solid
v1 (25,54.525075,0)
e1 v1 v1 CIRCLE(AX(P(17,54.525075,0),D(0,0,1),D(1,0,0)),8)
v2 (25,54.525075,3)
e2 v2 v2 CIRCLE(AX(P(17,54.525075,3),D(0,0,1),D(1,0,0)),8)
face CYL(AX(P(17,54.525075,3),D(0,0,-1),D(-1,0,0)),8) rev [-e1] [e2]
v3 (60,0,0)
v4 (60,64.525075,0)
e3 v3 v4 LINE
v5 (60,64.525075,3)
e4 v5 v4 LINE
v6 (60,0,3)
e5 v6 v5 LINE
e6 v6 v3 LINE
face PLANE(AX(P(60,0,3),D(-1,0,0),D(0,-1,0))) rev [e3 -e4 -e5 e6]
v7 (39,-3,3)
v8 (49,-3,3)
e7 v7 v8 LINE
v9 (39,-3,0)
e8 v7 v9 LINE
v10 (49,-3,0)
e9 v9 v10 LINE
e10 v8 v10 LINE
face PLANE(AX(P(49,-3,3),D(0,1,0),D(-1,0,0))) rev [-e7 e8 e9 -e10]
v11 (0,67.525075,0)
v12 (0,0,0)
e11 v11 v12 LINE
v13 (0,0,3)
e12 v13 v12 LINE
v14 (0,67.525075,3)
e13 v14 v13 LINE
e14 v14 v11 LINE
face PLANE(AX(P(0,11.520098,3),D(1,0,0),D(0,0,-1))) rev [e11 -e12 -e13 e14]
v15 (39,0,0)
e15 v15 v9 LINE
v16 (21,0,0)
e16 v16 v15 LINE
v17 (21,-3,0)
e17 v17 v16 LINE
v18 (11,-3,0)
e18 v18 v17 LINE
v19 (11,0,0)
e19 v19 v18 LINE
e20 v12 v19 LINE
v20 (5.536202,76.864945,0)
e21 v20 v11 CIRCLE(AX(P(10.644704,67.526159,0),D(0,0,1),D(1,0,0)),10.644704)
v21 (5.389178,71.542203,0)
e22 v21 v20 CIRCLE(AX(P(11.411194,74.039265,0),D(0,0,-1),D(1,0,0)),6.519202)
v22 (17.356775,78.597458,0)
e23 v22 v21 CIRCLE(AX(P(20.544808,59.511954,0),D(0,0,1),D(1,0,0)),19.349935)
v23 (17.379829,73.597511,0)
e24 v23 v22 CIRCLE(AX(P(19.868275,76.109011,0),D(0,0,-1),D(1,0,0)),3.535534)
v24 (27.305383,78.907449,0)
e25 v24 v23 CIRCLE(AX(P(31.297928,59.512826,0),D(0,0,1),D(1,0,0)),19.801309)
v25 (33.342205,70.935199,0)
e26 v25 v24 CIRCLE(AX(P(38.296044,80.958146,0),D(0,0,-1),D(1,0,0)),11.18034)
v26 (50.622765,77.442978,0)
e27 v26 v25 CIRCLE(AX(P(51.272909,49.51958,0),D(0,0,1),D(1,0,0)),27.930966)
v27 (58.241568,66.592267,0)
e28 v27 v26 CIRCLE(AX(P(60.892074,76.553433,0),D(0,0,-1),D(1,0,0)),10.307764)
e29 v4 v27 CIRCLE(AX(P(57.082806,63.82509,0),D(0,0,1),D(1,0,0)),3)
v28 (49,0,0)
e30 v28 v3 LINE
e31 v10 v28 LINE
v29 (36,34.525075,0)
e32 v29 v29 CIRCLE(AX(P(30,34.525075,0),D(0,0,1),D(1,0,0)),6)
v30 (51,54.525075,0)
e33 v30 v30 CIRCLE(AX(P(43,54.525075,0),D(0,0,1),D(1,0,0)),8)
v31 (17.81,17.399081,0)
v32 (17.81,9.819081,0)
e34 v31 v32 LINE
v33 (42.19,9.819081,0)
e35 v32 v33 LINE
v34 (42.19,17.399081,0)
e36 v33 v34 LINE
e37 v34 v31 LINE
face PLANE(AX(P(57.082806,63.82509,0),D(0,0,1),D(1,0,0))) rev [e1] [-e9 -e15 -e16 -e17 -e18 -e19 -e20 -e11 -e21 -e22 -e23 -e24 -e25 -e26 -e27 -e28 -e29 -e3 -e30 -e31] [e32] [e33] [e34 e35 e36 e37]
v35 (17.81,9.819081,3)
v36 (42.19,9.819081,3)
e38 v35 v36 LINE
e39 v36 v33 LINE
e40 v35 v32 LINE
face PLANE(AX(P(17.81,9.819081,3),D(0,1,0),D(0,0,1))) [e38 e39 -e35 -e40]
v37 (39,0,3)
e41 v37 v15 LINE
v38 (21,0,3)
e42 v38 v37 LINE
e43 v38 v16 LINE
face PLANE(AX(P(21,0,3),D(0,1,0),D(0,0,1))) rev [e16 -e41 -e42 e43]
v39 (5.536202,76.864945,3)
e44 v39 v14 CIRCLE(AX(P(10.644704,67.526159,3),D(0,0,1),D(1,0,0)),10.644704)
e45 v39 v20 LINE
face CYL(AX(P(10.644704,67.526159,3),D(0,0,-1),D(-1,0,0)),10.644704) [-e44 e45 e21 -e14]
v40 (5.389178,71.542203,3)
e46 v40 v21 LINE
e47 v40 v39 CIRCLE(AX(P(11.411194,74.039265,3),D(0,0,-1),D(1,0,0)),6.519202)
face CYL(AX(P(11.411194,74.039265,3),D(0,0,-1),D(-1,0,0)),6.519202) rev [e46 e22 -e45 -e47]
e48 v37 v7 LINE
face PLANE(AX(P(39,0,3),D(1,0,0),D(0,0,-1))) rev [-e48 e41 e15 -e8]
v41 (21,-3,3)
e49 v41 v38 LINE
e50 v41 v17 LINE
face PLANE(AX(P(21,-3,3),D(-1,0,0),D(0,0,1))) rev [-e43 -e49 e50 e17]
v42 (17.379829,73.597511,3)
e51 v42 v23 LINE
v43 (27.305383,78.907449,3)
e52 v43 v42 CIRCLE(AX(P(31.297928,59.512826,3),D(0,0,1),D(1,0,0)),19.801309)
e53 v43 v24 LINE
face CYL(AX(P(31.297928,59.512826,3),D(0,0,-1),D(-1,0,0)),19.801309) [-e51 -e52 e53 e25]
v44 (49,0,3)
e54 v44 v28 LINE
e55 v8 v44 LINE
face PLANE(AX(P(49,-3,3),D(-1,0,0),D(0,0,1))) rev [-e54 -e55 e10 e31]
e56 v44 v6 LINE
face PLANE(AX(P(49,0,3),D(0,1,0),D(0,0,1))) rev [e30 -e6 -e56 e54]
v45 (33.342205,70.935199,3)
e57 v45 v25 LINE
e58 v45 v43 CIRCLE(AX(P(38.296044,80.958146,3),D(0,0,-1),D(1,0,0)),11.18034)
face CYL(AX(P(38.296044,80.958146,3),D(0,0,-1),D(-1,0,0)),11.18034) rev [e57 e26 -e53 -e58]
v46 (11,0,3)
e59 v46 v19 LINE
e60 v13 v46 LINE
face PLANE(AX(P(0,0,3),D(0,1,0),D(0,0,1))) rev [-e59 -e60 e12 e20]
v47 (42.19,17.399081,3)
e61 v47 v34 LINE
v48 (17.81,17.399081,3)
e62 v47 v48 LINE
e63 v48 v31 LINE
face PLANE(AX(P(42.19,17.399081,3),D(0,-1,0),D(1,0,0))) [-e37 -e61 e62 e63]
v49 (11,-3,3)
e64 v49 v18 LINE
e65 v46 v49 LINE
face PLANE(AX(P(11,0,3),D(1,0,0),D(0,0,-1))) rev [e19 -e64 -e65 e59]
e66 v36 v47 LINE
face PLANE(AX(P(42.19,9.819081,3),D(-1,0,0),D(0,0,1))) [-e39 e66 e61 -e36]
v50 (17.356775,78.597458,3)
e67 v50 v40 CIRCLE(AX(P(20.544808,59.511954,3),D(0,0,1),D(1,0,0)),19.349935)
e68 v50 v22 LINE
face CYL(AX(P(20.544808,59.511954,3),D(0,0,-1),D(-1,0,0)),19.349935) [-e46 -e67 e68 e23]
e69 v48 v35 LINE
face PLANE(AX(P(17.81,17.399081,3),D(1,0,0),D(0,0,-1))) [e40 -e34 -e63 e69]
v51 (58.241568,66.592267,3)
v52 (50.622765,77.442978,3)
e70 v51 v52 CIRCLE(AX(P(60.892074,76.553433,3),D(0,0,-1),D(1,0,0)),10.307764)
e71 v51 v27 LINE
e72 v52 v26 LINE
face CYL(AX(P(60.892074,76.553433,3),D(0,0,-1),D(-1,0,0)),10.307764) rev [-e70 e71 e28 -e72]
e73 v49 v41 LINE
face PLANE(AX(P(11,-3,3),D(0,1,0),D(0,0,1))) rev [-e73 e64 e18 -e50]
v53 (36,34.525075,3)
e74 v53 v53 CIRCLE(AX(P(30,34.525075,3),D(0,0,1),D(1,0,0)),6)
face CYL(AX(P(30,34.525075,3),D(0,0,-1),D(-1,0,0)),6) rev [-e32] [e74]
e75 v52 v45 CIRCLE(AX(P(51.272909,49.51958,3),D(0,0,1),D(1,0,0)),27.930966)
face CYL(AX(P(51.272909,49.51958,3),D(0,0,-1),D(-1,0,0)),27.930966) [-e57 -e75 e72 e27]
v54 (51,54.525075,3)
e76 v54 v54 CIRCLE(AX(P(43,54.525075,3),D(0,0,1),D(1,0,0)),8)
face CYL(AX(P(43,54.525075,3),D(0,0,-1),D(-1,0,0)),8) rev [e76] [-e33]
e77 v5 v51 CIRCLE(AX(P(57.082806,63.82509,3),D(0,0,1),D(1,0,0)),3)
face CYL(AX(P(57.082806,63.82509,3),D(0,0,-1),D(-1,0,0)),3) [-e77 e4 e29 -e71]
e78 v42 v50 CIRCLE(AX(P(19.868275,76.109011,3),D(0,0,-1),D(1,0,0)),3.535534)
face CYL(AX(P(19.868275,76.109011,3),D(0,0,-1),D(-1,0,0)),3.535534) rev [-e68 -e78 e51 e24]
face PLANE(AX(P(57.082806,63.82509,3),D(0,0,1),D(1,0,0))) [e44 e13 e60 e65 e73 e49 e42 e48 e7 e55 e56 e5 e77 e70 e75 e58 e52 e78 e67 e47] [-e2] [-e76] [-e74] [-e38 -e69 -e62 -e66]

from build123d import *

# Parameters (mm, degrees)
MODEL_R                 = 8
MODEL_R_2               = 6
MODEL_W                 = 24.38
MODEL_H                 = 7.58
SALIENTE_EXTRUIR1_DEPTH = 3


with BuildPart() as part:
    # Model → Saliente-Extruir1 (new body)
    with BuildSketch(Plane.XY):
        with BuildLine():
            Line((11, -3), (21, -3))
            Line((21, -3), (21, 0))
            Line((21, 0), (39, 0))
            Line((39, 0), (39, -3))
            Line((39, -3), (49, -3))
            Line((49, -3), (49, 0))
            Line((49, 0), (60, 0))
            Line((60, 0), (60, 64.525075061))
            ThreePointArc((60, 64.525075061), (59.367904368, 65.768881419), (58.24156757, 66.592267452))
            ThreePointArc((58.24156757, 66.592267452), (52.456145593, 70.630164346), (50.622765109, 77.442978358))
            ThreePointArc((50.622765109, 77.442978358), (41.429140717, 75.658422531), (33.342205195, 70.935198758))
            ThreePointArc((33.342205195, 70.935198758), (29.382797484, 74.208773689), (27.305382782, 78.907449077))
            ThreePointArc((27.305382782, 78.907449077), (21.957335965, 76.972641815), (17.379828576, 73.597510706))
            ThreePointArc((17.379828576, 73.597510706), (16.332778743, 76.092709519), (17.356774707, 78.597457558))
            ThreePointArc((17.356774707, 78.597457558), (10.717974601, 76.180887797), (5.38917768, 71.542202679))
            ThreePointArc((5.38917768, 71.542202679), (4.894477072, 74.219269154), (5.536201967, 76.864945392))
            ThreePointArc((5.536201967, 76.864945392), (1.487784828, 72.953916782), (0, 67.525075061))
            Line((0, 67.525075061), (0, 57.374648319))
            Line((0, 57.374648319), (0, 33.26253753))
            Line((0, 33.26253753), (0, 11.520097779))
            Line((0, 11.520097779), (0, 0))
            Line((0, 0), (11, 0))
            Line((11, 0), (11, -3))
        make_face()
        with Locations((43, 54.525075061)):
            Circle(MODEL_R, mode=Mode.SUBTRACT)
        with Locations((17, 54.525075061)):
            Circle(MODEL_R, mode=Mode.SUBTRACT)
        with Locations((30, 34.525075061)):
            Circle(MODEL_R_2, mode=Mode.SUBTRACT)
        with Locations((30, 13.609080994)):
            Rectangle(MODEL_W, MODEL_H, mode=Mode.SUBTRACT)
    extrude(amount=SALIENTE_EXTRUIR1_DEPTH)


solid = part.part
